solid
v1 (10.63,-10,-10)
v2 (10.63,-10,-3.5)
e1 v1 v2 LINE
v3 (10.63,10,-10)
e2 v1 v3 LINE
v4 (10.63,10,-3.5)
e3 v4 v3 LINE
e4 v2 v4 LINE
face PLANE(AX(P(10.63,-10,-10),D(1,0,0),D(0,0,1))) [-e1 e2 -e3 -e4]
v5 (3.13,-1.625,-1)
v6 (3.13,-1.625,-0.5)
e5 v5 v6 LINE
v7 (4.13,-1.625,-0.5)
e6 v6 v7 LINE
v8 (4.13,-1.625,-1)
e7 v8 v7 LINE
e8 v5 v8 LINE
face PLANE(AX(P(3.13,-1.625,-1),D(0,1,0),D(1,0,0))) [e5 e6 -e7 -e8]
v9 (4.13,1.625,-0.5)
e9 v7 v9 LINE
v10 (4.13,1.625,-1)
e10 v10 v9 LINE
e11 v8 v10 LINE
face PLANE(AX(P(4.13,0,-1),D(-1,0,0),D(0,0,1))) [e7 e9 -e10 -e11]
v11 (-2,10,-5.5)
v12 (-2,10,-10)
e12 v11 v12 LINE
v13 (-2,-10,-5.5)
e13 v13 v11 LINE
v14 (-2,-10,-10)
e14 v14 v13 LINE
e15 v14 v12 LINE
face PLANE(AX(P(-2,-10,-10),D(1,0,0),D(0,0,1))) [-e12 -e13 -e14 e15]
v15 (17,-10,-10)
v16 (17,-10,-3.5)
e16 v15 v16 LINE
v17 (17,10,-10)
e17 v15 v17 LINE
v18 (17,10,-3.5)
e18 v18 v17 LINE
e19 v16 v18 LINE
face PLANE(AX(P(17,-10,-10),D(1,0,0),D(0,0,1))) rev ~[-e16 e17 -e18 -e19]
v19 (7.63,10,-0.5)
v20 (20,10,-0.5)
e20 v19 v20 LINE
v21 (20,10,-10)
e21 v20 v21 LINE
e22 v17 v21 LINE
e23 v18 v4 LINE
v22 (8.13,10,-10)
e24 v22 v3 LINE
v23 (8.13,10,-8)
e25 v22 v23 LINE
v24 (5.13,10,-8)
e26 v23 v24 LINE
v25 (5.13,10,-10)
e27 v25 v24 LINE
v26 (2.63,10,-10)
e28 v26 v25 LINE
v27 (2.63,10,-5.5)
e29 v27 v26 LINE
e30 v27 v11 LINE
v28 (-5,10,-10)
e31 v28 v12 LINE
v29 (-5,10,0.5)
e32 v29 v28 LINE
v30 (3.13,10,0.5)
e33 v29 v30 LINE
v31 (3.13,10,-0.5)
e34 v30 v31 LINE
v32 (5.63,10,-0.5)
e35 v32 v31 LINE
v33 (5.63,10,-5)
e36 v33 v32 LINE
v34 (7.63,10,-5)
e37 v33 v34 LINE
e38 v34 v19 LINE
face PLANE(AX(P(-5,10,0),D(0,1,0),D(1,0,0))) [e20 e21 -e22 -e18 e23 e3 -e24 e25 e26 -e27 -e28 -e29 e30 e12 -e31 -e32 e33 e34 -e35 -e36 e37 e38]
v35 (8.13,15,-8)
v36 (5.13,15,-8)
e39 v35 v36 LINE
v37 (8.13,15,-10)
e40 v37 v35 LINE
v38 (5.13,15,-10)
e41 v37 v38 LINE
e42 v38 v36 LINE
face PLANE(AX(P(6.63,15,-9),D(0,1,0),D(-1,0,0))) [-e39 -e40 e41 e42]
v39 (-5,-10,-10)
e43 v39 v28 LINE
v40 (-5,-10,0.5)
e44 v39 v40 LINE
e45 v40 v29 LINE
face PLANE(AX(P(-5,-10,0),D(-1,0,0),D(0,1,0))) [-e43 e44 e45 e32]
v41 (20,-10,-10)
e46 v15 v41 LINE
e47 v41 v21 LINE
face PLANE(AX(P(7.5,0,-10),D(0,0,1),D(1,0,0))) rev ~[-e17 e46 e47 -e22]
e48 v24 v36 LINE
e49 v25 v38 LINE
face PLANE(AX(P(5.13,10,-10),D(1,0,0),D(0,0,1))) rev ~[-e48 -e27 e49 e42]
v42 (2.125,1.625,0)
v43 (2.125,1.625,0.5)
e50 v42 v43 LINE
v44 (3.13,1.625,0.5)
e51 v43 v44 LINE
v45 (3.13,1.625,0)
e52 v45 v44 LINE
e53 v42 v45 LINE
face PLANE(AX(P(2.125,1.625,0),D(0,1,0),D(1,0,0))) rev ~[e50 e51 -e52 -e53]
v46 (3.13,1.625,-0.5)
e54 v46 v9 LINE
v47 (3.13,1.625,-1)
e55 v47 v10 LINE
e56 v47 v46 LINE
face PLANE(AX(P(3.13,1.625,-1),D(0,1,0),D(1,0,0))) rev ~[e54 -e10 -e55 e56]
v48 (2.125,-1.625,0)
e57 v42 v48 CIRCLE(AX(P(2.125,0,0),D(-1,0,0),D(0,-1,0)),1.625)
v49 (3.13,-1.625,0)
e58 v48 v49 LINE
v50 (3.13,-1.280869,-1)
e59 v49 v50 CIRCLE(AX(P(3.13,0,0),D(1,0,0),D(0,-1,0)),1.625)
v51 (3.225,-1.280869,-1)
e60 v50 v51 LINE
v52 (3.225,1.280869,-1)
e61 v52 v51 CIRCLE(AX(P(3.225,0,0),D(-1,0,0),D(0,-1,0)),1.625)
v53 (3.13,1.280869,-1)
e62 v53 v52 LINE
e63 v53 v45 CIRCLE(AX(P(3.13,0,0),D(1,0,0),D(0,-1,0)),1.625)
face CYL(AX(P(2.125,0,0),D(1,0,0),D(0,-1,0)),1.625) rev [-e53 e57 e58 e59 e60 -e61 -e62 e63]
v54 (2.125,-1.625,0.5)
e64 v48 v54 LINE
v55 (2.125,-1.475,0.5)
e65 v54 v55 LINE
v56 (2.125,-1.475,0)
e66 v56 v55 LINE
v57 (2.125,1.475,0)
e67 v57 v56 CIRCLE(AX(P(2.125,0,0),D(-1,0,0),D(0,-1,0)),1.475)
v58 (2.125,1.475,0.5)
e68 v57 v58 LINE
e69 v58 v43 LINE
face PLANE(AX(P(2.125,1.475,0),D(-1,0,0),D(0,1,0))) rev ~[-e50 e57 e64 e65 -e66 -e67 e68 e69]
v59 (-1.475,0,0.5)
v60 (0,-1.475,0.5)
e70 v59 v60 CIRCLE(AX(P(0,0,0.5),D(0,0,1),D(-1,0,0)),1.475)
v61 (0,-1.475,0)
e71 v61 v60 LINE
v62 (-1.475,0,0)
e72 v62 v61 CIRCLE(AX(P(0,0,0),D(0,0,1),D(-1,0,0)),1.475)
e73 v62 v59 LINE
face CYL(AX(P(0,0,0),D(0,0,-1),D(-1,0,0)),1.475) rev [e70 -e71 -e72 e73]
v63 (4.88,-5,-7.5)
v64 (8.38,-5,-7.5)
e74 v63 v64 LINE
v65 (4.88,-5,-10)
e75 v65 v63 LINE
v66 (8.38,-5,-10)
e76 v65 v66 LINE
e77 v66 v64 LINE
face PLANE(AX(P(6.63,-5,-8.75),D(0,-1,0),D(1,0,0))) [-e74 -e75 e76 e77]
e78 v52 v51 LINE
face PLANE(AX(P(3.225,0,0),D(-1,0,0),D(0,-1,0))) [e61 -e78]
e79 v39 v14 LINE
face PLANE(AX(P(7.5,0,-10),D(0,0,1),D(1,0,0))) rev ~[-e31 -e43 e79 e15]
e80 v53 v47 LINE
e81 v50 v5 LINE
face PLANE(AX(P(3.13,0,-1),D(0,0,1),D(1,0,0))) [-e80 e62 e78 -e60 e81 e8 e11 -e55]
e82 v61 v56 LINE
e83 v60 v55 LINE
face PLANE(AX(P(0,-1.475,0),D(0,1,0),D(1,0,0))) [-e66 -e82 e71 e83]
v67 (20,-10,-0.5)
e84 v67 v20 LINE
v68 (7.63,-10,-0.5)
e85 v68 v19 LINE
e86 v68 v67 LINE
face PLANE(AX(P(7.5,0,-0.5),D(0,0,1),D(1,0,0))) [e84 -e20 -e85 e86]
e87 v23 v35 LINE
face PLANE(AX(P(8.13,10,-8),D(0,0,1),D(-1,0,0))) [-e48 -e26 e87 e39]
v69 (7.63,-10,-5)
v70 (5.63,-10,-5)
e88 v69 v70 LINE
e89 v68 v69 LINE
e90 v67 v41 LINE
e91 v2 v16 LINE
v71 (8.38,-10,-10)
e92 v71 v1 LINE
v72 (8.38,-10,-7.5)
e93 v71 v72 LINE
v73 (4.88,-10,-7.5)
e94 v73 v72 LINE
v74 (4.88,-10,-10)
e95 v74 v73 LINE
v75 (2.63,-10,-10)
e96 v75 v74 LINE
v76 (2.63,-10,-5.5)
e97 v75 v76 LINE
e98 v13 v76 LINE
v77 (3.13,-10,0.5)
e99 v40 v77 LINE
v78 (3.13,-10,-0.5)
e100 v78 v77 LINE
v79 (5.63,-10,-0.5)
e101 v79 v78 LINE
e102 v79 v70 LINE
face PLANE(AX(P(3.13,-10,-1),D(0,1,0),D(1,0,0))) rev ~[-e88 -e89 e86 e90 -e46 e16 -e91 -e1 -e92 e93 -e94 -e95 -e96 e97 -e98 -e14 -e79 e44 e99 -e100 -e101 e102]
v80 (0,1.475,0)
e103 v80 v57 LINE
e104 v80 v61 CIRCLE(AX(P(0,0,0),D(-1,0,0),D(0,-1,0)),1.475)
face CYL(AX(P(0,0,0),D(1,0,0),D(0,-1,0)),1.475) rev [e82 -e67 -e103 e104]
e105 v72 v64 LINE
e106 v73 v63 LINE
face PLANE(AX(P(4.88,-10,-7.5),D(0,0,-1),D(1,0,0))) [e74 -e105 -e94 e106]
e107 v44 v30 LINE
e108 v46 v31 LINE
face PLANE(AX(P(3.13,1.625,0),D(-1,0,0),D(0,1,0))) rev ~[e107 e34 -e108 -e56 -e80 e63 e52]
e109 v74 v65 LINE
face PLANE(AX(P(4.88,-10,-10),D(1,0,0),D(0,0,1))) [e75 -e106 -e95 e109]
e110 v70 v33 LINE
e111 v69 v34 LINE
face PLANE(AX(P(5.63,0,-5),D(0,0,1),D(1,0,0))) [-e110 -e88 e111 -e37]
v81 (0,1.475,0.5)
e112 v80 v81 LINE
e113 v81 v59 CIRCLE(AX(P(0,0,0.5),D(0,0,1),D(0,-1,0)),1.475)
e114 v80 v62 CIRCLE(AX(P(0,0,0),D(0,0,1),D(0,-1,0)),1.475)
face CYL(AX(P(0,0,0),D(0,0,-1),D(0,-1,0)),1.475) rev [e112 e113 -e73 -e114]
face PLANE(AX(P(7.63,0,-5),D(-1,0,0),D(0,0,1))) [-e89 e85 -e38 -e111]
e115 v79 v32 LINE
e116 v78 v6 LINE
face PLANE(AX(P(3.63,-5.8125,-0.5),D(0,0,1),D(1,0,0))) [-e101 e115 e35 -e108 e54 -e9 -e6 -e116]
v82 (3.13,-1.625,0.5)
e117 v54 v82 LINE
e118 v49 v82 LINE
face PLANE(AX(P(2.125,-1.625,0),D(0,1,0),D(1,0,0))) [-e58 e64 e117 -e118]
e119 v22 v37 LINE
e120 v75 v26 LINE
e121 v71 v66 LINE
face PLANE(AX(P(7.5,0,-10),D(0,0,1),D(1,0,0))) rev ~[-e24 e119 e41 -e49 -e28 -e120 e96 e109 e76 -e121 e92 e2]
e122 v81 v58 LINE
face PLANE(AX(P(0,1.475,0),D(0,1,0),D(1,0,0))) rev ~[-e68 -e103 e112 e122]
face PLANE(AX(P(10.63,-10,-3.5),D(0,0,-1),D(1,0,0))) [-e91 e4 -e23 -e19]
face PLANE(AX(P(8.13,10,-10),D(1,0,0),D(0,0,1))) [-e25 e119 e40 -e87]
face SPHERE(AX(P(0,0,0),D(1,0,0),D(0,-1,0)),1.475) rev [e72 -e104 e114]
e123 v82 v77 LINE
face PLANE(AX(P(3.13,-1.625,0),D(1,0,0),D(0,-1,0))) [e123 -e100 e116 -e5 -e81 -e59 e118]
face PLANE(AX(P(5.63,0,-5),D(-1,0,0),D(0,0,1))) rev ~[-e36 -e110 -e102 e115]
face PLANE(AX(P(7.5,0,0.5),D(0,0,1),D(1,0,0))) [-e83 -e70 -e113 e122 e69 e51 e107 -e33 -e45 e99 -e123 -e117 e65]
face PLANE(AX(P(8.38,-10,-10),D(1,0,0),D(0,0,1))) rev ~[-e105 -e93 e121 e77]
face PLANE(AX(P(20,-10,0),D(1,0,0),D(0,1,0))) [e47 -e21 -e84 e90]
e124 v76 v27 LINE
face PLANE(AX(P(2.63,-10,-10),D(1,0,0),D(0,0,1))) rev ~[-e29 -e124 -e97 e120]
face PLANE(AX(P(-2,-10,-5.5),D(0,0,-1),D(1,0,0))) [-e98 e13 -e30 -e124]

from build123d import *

# Parameters (mm, degrees)
F0_W          = 25
F0_H          = 20
F1_DEPTH      = 10
F4_W          = 2
F4_H          = 5
F4_W_2        = 1
F4_H_2        = 1
F5_DEPTH      = 25
F5_DEPTH_BACK = 25
F6_DEPTH      = 0.5
F7_DEPTH      = 0.5
F8_W          = 4.63
F8_H          = 4.5
F8_W_2        = 6.37
F8_H_2        = 6.5
F9_DEPTH      = 25
F10_W         = 1
F10_H         = 8.375
F11_DEPTH     = 0.5
F12_W         = 3.5
F12_H         = 2.5
F13_DEPTH     = 5
F14_W         = 3
F14_H         = 2
F15_DEPTH     = 5


with BuildPart() as f1:
    # F0 (on Top) → F1 (new body)
    with BuildSketch(Plane.XY):
        with Locations((7.5, 0)):
            Rectangle(F0_W, F0_H)
    extrude(amount=-F1_DEPTH)

    # F2 (on Top) → F3 (revolve, cut)
    with BuildSketch(Plane.XY):
        with BuildLine():
            Line((3.225, 0), (-1.475, 0))
            ThreePointArc((-1.475, 0), (-1.0429825023, -1.0429825023), (0, -1.475))
            Line((0, -1.475), (2.125, -1.475))
            Line((2.125, -1.475), (2.125, -1.625))
            Line((2.125, -1.625), (3.225, -1.625))
            Line((3.225, -1.625), (3.225, 0))
        make_face()
    revolve(axis=Axis((-2.855158034, 0, 0), (-1, 0, 0)), mode=Mode.SUBTRACT)

    # F4 (on Front) → F5 (cut, two sides)
    with BuildSketch(Plane.XZ) as f5_sk:
        with Locations((6.63, -2.5)):
            Rectangle(F4_W, F4_H)
        with Locations((3.63, -0.5)):
            Rectangle(F4_W_2, F4_H_2)
    extrude(amount=-F5_DEPTH, mode=Mode.SUBTRACT)
    extrude(f5_sk.sketch, amount=F5_DEPTH_BACK, mode=Mode.SUBTRACT)

    # F6 (cut): faces of the model
    f6_faces = [f1.faces().sort_by_distance(p)[0] for p in [
        (4.88, 0, 0),
        (13.815, 0, 0),
    ]]
    extrude(f6_faces, amount=-F6_DEPTH, mode=Mode.SUBTRACT)

    # F7 (add): a face of the model
    f7_faces = [f1.faces().sort_by_distance(p)[0] for p in [
        (2.9141072257, 5.8125, 0),
    ]]
    extrude(f7_faces, amount=F7_DEPTH)

    # F8 (on face) → F9 (cut)
    with BuildSketch(Plane.XZ.offset(10)):
        with Locations((0.315, -7.75)):
            Rectangle(F8_W, F8_H)
        with Locations((13.815, -6.75)):
            Rectangle(F8_W_2, F8_H_2)
    extrude(amount=-F9_DEPTH, mode=Mode.SUBTRACT)

    # F10 (on face) → F11 (join)
    with BuildSketch(Plane.XY.offset(-1)):
        with Locations((3.63, -5.8125)):
            Rectangle(F10_W, F10_H)
        with Locations((3.63, 5.8125)):
            Rectangle(F10_W, F10_H)
    extrude(amount=F11_DEPTH)

    # F12 (on face) → F13 (cut)
    with BuildSketch(Plane.XZ.offset(10)):
        with Locations((6.63, -8.75)):
            Rectangle(F12_W, F12_H)
    extrude(amount=-F13_DEPTH, mode=Mode.SUBTRACT)

    # F14 (on face) → F15 (join)
    with BuildSketch(Plane(origin=(0, 10, 0), x_dir=(-1, 0, 0), z_dir=(0, 1, 0))):
        with Locations((-6.63, -9)):
            Rectangle(F14_W, F14_H)
    extrude(amount=F15_DEPTH)


solid = f1.part
